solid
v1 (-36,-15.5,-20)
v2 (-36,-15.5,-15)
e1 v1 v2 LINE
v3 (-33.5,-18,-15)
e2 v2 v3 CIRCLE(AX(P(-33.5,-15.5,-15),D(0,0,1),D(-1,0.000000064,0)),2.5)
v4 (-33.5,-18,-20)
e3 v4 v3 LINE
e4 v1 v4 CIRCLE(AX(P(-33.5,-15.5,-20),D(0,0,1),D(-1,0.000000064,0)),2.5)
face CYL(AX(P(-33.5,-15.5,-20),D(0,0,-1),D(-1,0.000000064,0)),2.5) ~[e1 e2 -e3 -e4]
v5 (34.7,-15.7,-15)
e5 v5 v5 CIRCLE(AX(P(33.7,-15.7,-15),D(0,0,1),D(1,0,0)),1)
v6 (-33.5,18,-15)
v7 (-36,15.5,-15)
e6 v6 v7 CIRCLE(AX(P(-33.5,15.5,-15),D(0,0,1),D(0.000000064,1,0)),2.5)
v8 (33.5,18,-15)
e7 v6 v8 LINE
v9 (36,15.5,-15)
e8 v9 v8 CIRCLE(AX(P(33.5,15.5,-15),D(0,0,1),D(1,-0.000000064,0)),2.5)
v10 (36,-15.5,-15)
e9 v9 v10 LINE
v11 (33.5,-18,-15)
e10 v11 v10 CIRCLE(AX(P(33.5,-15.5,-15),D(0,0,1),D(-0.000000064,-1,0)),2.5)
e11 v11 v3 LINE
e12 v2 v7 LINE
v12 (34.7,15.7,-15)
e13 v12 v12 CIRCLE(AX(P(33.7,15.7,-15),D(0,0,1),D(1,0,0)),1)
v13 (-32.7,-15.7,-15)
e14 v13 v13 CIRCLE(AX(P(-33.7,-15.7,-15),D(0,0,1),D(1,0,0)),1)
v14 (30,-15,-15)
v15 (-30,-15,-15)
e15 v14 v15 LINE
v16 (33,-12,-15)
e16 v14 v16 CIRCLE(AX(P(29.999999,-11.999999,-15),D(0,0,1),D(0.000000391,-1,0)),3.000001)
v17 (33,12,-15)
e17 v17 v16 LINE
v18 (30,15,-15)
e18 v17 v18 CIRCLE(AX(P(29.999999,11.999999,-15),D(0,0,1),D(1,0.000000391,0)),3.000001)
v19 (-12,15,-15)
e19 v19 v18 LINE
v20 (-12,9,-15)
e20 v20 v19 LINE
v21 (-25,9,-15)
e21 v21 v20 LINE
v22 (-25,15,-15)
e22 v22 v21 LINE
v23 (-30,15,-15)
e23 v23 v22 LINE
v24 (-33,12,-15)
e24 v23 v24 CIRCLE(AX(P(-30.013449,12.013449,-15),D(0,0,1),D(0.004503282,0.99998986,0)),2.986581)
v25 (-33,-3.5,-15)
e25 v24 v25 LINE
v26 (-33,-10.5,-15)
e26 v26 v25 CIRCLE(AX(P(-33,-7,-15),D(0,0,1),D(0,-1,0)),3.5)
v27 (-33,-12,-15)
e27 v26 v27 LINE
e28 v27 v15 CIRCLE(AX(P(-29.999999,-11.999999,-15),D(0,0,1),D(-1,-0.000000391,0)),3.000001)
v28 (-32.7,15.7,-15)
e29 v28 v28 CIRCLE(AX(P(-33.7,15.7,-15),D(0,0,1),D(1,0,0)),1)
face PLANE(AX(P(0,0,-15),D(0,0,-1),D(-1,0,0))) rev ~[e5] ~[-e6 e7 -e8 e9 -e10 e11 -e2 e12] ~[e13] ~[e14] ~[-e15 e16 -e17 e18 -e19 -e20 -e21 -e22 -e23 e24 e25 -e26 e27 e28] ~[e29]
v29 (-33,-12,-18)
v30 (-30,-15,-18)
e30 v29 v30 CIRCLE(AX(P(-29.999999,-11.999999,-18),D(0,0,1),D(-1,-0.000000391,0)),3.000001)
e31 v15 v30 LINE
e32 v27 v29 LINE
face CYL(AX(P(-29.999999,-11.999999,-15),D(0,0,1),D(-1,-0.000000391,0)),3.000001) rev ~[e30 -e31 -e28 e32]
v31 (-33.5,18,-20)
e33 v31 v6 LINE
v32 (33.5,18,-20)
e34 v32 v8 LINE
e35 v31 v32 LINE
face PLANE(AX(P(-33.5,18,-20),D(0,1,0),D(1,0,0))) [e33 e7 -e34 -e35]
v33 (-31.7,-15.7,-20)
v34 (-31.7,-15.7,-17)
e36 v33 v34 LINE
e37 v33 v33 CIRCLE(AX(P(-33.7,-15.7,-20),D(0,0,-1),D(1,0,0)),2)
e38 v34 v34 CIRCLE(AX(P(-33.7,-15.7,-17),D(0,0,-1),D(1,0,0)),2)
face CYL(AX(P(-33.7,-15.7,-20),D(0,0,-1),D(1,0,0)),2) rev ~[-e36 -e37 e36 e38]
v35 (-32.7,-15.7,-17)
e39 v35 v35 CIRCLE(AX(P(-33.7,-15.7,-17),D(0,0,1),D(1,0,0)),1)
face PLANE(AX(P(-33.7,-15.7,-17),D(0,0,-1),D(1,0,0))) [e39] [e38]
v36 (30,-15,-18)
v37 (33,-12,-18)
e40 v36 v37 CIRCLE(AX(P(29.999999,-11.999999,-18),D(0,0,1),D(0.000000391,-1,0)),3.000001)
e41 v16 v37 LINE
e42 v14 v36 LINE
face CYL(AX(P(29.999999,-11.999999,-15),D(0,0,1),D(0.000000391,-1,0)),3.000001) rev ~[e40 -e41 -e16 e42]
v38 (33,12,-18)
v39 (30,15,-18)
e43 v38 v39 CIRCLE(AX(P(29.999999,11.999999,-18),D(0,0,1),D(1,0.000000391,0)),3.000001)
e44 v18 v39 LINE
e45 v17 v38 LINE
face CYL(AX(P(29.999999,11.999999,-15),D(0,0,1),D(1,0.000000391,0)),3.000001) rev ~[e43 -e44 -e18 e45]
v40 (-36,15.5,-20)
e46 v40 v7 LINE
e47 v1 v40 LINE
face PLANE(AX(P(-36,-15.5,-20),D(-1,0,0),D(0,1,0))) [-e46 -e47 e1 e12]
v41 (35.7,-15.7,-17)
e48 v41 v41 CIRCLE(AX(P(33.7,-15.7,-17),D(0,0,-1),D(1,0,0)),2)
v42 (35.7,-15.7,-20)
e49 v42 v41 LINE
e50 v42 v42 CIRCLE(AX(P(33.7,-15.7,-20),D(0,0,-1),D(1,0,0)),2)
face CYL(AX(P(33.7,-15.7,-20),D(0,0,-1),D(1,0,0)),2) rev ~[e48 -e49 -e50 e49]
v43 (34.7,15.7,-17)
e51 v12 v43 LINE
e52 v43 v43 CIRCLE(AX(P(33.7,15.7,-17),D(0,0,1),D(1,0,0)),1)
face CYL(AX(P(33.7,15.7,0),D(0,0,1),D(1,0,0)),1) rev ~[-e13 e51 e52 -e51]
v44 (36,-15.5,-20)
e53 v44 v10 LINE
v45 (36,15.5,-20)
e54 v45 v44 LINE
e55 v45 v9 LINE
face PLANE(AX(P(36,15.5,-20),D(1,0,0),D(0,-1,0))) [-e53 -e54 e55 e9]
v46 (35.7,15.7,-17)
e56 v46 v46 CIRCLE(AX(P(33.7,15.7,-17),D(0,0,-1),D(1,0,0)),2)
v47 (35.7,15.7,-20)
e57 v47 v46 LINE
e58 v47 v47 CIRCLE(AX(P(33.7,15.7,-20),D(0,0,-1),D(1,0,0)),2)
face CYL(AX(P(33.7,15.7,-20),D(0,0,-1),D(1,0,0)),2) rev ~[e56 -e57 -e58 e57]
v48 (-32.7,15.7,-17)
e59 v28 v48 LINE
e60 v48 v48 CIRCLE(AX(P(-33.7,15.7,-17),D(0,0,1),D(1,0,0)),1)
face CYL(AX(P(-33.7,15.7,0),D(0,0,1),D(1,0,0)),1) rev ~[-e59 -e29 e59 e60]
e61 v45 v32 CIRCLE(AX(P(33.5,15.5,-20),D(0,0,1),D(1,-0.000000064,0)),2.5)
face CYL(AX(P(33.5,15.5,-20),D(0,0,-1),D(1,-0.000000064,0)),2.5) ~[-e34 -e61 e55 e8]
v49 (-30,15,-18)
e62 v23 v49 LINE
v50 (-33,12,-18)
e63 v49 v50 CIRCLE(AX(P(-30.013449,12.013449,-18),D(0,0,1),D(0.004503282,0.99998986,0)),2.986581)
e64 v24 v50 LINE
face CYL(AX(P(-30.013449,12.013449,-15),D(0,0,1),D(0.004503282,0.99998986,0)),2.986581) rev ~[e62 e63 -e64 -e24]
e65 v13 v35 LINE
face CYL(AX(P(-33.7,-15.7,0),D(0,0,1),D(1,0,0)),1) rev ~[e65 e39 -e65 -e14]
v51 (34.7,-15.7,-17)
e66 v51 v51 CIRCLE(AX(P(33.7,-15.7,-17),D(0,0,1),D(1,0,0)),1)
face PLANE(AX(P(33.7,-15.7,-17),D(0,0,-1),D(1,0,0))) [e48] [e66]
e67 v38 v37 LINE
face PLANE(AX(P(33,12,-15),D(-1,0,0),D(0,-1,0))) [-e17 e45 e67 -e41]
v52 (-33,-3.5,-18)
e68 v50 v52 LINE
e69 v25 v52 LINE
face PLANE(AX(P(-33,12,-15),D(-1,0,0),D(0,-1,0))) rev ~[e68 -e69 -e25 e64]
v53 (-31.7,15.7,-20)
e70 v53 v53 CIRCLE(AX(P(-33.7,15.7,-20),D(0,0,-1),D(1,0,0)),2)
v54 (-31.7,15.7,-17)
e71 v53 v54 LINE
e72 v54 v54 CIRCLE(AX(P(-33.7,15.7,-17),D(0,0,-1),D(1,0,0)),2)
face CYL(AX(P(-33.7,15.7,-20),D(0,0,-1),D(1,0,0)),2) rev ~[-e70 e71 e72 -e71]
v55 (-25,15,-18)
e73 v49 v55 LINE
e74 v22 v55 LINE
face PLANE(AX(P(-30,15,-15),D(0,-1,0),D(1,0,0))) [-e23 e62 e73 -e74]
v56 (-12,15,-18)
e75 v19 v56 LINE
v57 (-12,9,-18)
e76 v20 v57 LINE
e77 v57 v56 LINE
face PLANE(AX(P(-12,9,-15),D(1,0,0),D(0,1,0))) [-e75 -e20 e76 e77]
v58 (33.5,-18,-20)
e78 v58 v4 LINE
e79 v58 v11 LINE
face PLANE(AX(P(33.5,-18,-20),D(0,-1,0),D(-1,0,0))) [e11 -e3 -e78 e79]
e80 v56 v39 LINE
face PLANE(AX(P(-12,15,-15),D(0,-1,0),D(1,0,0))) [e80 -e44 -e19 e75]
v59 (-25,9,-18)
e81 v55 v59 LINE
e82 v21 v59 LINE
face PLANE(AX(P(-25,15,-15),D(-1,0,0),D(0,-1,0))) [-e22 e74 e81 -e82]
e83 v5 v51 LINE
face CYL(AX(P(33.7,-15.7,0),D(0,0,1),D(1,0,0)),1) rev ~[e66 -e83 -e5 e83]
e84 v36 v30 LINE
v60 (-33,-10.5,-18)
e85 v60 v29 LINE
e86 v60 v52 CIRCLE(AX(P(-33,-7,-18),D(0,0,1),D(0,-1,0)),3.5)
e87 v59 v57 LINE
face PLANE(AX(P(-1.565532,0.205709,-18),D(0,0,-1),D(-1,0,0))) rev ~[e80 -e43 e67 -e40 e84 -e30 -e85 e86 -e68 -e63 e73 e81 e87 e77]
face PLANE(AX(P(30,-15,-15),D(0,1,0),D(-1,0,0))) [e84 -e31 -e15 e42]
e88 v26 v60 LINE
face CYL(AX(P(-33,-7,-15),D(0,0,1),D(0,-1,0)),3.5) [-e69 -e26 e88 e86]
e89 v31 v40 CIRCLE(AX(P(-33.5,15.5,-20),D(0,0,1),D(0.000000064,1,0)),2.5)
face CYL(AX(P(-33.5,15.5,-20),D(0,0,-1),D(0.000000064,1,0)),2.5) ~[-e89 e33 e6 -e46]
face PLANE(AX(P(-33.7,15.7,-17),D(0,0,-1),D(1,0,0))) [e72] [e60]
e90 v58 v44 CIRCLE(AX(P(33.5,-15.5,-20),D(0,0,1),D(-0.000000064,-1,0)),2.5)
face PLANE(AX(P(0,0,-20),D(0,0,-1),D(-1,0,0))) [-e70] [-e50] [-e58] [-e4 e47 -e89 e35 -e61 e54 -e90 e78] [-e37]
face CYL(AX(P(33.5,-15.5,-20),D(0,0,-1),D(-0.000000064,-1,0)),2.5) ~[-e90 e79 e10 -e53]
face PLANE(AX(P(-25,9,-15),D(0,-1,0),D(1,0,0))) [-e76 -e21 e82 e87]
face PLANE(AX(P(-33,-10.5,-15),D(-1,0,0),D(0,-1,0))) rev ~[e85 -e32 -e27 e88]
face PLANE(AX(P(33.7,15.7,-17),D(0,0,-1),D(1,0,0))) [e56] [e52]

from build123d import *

# Parameters (mm, degrees)
PAD002_DEPTH    = 5
SKETCH012_R     = 1
POCKET008_DEPTH = 20.001
SKETCH013_R     = 2
POCKET009_DEPTH = 3
POCKET010_DEPTH = 3


with BuildPart() as part:
    # Sketch010 → Pad002 (new body)
    with BuildSketch(Plane.XY.offset(-20)):
        with BuildLine():
            Line((-33.5, 18), (33.5, 18))
            ThreePointArc((36, 15.5), (35.267767, 17.267767), (33.5, 18))
            Line((36, 15.5), (36, -15.5))
            ThreePointArc((33.5, -18), (35.267767, -17.267767), (36, -15.5))
            Line((33.5, -18), (-33.5, -18))
            ThreePointArc((-36, -15.5), (-35.267767, -17.267767), (-33.5, -18))
            Line((-36, -15.5), (-36, 15.5))
            ThreePointArc((-33.5, 18), (-35.267767, 17.267767), (-36, 15.5))
        make_face()
    extrude(amount=PAD002_DEPTH)

    # Sketch012 (on Pad) → Pocket008 (cut, through all)
    with BuildSketch(Plane.XY):
        with Locations((-33.7, 15.7)):
            Circle(SKETCH012_R)
        with Locations((33.7, 15.7)):
            Circle(SKETCH012_R)
        with Locations((33.7, -15.7)):
            Circle(SKETCH012_R)
        with Locations((-33.7, -15.7)):
            Circle(SKETCH012_R)
    extrude(amount=-POCKET008_DEPTH, mode=Mode.SUBTRACT)

    # Sketch013 (on Face4 of Pocket008) → Pocket009 (cut)
    with BuildSketch(Plane(origin=(0, 0, -20), x_dir=(1, 0, 0), z_dir=(0, 0, -1))):
        with Locations((-33.7, 15.7)):
            Circle(SKETCH013_R)
        with Locations((33.7, 15.7)):
            Circle(SKETCH013_R)
        with Locations((33.7, -15.7)):
            Circle(SKETCH013_R)
        with Locations((-33.7, -15.7)):
            Circle(SKETCH013_R)
    extrude(amount=-POCKET009_DEPTH, mode=Mode.SUBTRACT)

    # Sketch011 (on Face10 of Pad002) → Pocket010 (cut)
    with BuildSketch(Plane.XY.offset(-15)):
        with BuildLine():
            Line((33, 12), (33, -12))
            ThreePointArc((30, -15), (32.12132, -14.12132), (33, -12))
            Line((30, -15), (-30, -15))
            ThreePointArc((-33, -12), (-32.12132, -14.12132), (-30, -15))
            Line((-33, -10.5), (-33, -12))
            ThreePointArc((-33, -10.5), (-29.5, -7), (-33, -3.5))
            Line((-33, 12), (-33, -3.5))
            ThreePointArc((-30, 15), (-32.125281, 14.125281), (-33, 12))
            Line((-30, 15), (-25, 15))
            Line((-25, 15), (-25, 9))
            Line((-25, 9), (-12, 9))
            Line((-12, 9), (-12, 15))
            Line((-12, 15), (30, 15))
            ThreePointArc((33, 12), (32.12132, 14.12132), (30, 15))
        make_face()
    extrude(amount=-POCKET010_DEPTH, mode=Mode.SUBTRACT)


solid = part.part
